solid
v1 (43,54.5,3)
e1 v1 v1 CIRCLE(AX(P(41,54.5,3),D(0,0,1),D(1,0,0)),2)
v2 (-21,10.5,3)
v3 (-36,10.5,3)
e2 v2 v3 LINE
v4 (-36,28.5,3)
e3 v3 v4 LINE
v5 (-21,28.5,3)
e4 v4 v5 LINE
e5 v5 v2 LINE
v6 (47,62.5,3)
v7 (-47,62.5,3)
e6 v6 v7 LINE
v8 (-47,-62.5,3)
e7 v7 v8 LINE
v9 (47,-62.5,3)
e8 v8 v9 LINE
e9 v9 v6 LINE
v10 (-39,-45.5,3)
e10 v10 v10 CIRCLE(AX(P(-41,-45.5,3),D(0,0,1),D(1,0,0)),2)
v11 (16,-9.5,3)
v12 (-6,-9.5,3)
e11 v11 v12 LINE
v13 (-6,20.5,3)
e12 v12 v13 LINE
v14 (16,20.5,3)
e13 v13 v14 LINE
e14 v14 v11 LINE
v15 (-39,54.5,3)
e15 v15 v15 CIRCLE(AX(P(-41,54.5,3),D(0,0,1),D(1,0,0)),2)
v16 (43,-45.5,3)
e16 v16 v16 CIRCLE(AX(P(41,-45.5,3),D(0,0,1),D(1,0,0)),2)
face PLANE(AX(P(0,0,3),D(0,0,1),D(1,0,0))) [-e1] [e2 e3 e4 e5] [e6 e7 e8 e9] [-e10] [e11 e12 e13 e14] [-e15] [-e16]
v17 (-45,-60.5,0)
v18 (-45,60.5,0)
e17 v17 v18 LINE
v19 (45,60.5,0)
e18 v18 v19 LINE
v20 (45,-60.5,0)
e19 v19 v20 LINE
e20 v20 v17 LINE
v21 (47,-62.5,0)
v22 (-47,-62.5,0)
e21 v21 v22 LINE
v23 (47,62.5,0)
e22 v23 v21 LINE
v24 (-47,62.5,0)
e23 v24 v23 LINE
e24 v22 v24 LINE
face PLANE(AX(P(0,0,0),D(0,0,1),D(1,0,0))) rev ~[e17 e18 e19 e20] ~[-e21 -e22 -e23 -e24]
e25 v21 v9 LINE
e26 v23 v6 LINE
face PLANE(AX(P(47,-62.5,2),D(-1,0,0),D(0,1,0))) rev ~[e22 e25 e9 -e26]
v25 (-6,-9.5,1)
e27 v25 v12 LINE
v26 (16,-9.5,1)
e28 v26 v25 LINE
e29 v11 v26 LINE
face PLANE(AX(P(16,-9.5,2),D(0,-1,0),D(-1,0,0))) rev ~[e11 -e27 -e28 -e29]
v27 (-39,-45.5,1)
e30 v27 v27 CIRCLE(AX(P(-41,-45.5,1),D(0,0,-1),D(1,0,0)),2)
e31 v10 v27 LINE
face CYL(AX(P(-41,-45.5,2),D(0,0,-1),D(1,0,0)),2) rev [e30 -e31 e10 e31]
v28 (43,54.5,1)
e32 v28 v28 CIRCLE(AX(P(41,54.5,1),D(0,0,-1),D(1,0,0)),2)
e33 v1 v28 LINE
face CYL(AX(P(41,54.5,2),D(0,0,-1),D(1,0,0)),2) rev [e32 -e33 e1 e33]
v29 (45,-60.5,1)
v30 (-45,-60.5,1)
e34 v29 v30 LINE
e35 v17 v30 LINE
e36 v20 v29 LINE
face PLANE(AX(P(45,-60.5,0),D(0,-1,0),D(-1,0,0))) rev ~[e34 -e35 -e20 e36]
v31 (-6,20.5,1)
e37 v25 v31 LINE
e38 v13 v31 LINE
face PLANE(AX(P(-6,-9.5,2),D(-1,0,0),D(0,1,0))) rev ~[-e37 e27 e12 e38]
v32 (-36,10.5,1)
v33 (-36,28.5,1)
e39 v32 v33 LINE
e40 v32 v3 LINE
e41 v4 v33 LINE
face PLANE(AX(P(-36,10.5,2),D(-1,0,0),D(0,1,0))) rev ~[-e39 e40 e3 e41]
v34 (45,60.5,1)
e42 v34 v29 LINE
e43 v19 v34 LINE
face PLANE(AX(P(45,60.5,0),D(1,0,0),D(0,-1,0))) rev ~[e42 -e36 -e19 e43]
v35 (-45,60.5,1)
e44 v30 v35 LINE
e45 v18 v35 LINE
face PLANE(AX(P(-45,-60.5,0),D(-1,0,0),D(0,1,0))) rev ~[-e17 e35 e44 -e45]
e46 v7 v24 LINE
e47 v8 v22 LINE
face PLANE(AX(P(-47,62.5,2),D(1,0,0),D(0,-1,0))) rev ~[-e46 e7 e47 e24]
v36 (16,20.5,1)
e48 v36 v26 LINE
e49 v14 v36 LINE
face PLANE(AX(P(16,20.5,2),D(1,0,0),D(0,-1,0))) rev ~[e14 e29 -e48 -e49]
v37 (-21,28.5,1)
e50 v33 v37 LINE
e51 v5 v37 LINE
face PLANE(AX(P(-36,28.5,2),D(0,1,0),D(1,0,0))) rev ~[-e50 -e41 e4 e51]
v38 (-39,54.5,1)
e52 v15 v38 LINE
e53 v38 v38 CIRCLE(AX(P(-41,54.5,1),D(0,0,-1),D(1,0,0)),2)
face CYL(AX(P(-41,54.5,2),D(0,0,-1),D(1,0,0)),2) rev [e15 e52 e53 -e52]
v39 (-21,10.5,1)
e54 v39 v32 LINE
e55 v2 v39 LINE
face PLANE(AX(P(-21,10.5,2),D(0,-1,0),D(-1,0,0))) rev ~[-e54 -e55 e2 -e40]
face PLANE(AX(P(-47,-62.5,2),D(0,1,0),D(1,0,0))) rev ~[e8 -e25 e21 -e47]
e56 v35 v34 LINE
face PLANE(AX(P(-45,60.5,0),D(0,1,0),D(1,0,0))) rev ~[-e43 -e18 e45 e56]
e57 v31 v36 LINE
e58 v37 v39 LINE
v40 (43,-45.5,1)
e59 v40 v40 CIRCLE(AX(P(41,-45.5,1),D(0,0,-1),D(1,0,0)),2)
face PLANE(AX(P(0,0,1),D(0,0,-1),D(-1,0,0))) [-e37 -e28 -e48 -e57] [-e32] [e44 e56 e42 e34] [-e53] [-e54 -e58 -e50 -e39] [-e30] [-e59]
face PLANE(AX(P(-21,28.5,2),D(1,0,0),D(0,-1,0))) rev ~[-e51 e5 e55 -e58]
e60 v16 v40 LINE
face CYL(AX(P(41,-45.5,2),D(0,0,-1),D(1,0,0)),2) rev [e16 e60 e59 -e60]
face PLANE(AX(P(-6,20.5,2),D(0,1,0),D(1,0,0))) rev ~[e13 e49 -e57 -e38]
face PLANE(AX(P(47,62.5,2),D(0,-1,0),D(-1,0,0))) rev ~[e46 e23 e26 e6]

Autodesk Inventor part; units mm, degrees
ref_plane "YZ Plane" through (0, 0, 0) normal (1, 0, 0) x (0, 1, 0)
ref_plane "XZ Plane" through (0, 0, 0) normal (0, 1, 0) x (-1, 0, 0)
ref_plane "Piano di lavoro1" through (0, 0, 0) normal (0, 0, 1) x (1, 0, 0)
sketch "Schizzo1" plane through (0, 0, 0) normal (0, 0, 1) x (1, 0, 0)
  line L0 (16, 20.5) -> (-6, 20.5) projected
  line L1 (16, -9.5) -> (16, 20.5) projected
  line L2 (-6, -9.5) -> (16, -9.5) projected
  line L3 (-6, 20.5) -> (-6, -9.5) projected
  line L4 (-21, 10.5) -> (-21, 28.5) projected
  line L5 (-21, 28.5) -> (-36, 28.5) projected
  line L6 (-36, 10.5) -> (-21, 10.5) projected
  line L7 (-36, 28.5) -> (-36, 10.5) projected
  circle A0 centre (-41, 54.5) radius 2 projected
  circle A1 centre (41, 54.5) radius 2 projected
  circle A2 centre (41, -45.5) radius 2 projected
  circle A3 centre (-41, -45.5) radius 2 projected
  line L8 (47, -62.5) -> (-47, -62.5) projected
  line L9 (47, 62.5) -> (47, -62.5) projected
  line L10 (-47, 62.5) -> (47, 62.5) projected
  line L11 (-47, -62.5) -> (-47, 62.5) projected
  point P0 (0, 0)
extrude "Estrusione1" add sketch "Schizzo1" along normal blind 2
sketch "Schizzo2" plane through (0, 0, 0) normal (0, 0, -1) x (-1, 0, 0)
  line L0 (-47, -62.5) -> (-47, 62.5) projected
  line L1 (47, -62.5) -> (-47, -62.5) projected
  line L2 (47, 62.5) -> (47, -62.5) projected
  line L3 (-47, 62.5) -> (47, 62.5) projected
  circle A0 centre (41, 54.5) radius 2 projected
  circle A1 centre (-41, 54.5) radius 2 projected
  circle A2 centre (-41, -45.5) radius 2 projected
  circle A3 centre (41, -45.5) radius 2 projected
  line L4 (6, -9.5) -> (6, 20.5) projected
  line L5 (-16, -9.5) -> (6, -9.5) projected
  line L6 (-16, 20.5) -> (-16, -9.5) projected
  line L7 (6, 20.5) -> (-16, 20.5) projected
  line L8 (36, 10.5) -> (36, 28.5) projected
  line L9 (21, 10.5) -> (36, 10.5) projected
  line L10 (21, 28.5) -> (21, 10.5) projected
  line L11 (36, 28.5) -> (21, 28.5) projected
  point P0 (0, 0)
sketch "Schizzo3" plane through (0, 0, 0) normal (0, 0, -1) x (-1, 0, 0)
  line L0 (45, 60.5) -> (-45, 60.5) projected
  line L1 (-45, 60.5) -> (-45, -60.5) projected
  line L2 (45, -60.5) -> (45, 60.5) projected
  line L3 (-45, -60.5) -> (45, -60.5) projected
  point P0 (0, 0)
extrude "Estrusione2" cut sketch "Schizzo3" against normal blind 1
sketch "Schizzo4" plane through (-47, -62.5, 0) normal (0, -1, 0) x (1, 0, 0)
  line L0 (0, 0) -> (94, 0) projected
  line L1 (94, 0) -> (94, 2) projected
  line L2 (0, 2) -> (94, 2) projected
  line L3 (0, 0) -> (0, 2) projected
  line L4 (0, 0) -> (94, 0) projected
  line L5 (94, 0) -> (94, 2) projected
  line L6 (0, 2) -> (94, 2) projected
  line L7 (0, 0) -> (0, 2) projected
  point P0 (47, 0)
sketch "Schizzo5" plane through (0, 0, 2) normal (0, 0, 1) x (1, 0, 0)
  line L0 (47, -62.5) -> (47, 62.5) projected
  line L1 (47, 62.5) -> (-47, 62.5) projected
  line L2 (-47, 62.5) -> (-47, -62.5) projected
  line L3 (-47, -62.5) -> (47, -62.5) projected
  circle A0 centre (-41, 54.5) radius 2 projected
  circle A1 centre (41, 54.5) radius 2 projected
  circle A2 centre (41, -45.5) radius 2 projected
  circle A3 centre (-41, -45.5) radius 2 projected
  line L4 (-6, -9.5) -> (-6, 20.5) projected
  line L5 (-6, 20.5) -> (16, 20.5) projected
  line L6 (16, 20.5) -> (16, -9.5) projected
  line L7 (16, -9.5) -> (-6, -9.5) projected
  line L8 (-36, 10.5) -> (-36, 28.5) projected
  line L9 (-36, 28.5) -> (-21, 28.5) projected
  line L10 (-21, 28.5) -> (-21, 10.5) projected
  line L11 (-21, 10.5) -> (-36, 10.5) projected
  point P0 (0, 0)
extrude "Estrusione3" add sketch "Schizzo5" along normal blind 1
properties part number "_Stampa 3D"
